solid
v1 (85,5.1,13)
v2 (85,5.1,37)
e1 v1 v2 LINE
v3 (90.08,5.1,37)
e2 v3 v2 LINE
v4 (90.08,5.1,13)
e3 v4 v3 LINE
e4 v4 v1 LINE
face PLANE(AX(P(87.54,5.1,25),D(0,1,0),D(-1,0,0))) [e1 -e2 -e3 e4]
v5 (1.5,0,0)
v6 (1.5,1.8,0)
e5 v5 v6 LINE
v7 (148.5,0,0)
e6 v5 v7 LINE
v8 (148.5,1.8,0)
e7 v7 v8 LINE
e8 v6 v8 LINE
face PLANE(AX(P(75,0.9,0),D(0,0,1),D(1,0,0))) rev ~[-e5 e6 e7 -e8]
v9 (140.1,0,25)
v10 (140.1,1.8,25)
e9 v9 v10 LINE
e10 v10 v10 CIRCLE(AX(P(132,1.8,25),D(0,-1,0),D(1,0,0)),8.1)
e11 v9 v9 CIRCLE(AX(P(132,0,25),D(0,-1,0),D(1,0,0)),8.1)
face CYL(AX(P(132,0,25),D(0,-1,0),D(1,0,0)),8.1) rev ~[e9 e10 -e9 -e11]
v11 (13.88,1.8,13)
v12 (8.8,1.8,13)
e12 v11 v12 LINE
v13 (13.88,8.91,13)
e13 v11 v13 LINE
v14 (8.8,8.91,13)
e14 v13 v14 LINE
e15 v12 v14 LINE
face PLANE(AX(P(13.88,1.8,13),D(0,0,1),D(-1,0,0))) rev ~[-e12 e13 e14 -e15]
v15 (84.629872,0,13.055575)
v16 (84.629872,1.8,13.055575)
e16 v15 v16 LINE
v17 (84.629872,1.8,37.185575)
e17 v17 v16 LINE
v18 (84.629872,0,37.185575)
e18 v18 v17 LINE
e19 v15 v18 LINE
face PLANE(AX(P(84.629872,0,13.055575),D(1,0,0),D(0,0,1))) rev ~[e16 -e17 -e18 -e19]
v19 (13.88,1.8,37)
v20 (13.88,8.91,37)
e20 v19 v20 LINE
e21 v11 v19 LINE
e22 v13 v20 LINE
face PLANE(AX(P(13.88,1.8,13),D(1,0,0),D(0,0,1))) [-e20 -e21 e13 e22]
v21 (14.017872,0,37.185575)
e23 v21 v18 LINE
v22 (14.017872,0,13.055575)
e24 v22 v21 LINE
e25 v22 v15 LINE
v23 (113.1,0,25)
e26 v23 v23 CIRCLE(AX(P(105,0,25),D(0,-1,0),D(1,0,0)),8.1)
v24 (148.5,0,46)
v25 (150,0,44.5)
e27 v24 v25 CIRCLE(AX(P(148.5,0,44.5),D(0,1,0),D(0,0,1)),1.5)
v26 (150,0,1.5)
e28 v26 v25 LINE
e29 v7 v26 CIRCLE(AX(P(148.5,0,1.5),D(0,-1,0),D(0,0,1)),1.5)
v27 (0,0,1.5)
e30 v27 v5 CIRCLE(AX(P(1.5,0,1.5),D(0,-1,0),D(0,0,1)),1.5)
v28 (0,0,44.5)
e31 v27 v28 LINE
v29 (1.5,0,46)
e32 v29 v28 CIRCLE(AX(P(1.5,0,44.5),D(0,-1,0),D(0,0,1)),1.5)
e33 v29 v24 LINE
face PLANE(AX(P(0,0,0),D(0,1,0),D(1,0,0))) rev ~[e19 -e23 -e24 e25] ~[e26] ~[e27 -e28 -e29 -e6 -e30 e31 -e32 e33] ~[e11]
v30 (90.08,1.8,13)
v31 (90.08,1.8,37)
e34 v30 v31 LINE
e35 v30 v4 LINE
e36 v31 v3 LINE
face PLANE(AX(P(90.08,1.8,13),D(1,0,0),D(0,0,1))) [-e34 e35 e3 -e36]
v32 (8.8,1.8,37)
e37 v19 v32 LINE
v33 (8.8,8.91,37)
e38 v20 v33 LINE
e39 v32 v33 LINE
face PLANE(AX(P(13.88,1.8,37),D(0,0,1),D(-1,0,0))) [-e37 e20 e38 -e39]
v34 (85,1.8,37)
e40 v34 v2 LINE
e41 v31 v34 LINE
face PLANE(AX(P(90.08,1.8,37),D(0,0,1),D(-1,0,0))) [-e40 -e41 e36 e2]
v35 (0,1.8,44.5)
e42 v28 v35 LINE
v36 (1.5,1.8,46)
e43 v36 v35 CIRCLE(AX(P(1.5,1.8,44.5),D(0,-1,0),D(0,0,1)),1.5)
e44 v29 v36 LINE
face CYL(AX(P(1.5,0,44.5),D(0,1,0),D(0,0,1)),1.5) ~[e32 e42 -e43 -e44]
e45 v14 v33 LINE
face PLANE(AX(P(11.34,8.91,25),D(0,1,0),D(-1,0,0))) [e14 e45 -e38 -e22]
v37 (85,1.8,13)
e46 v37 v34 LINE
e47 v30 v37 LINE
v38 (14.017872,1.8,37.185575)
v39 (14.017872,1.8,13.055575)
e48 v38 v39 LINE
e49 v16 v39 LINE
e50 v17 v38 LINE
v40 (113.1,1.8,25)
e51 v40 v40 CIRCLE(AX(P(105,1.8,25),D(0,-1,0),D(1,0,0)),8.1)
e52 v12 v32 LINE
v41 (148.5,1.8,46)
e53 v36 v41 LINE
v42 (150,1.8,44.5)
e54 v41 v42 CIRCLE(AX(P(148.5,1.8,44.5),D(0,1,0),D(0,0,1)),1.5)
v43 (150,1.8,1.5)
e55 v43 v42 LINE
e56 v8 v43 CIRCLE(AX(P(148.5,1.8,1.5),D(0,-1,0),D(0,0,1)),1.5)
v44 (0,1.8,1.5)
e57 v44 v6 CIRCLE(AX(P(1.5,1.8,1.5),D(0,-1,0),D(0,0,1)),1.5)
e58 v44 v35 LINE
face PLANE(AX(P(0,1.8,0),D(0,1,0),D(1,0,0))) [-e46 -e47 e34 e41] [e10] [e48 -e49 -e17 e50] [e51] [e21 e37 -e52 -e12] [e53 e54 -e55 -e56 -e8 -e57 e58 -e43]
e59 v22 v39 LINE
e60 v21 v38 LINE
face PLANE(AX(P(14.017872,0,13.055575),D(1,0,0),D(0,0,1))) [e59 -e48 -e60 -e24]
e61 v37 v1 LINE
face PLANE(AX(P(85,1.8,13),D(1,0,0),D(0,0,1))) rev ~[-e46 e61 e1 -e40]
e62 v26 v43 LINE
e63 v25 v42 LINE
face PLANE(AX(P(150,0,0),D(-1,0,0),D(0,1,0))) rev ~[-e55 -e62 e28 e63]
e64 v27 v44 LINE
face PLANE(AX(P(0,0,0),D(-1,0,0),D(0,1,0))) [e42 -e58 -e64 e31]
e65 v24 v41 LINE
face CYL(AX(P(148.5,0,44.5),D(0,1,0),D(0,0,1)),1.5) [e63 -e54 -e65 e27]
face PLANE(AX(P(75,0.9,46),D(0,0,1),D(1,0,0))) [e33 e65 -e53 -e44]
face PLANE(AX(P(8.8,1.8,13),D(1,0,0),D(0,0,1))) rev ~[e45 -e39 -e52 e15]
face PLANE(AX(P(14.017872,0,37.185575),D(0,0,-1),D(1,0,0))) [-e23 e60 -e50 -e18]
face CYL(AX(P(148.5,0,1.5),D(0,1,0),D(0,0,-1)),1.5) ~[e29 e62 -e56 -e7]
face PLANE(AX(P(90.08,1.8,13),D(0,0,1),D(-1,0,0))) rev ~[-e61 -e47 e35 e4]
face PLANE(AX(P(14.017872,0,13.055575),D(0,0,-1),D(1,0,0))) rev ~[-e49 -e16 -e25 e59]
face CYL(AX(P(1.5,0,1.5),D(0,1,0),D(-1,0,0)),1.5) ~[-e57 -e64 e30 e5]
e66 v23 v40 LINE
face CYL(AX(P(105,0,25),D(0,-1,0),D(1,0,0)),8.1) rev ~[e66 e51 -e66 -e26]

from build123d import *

# Parameters (mm, degrees)
SKETCH002_AS_DRAWN_W                      = 5.08
SKETCH002_AS_DRAWN_H                      = 24
EXTRUDE_DEPTH                             = 7.11
EXTRUDE_ONTO_SKETCH002_ROLL_ANGLE         = 90
EXTRUDE_ONTO_SKETCH002_PLACEMENT_ANGLE    = 180
SKETCH003_AS_DRAWN_W                      = 5.08
SKETCH003_AS_DRAWN_H                      = 24
EXTRUDE004_DEPTH                          = 3.3
EXTRUDE004_ONTO_SKETCH003_ROLL_ANGLE      = 90
EXTRUDE004_ONTO_SKETCH003_PLACEMENT_ANGLE = 180
BOX_W                                     = 150
BOX_H                                     = 1.8
BOX_DEPTH                                 = 46
SKETCH_W                                  = 70.612
SKETCH_H                                  = 24.13
POCKET_DEPTH                              = 1.801
SKETCH001_R                               = 8.1
POCKET001_DEPTH                           = 1.801
FILLET_R                                  = 1.5
FILLET001_R                               = 1.5
FILLET002_R                               = 1.5
FILLET003_R                               = 1.5


with BuildPart() as extrude_body:
    # Sketch002 as drawn → Extrude (new)
    with BuildSketch(Plane.XY):
        with Locations((-11.34, 25)):
            Rectangle(SKETCH002_AS_DRAWN_W, SKETCH002_AS_DRAWN_H)
    extrude(amount=EXTRUDE_DEPTH)


with BuildPart() as extrude_body_1:
    # Extrude onto Sketch002 roll: moved
    add(extrude_body.part.rotate(Axis((0, 0, 0), (1, 0, 0)), EXTRUDE_ONTO_SKETCH002_ROLL_ANGLE))


with BuildPart() as extrude_body_2:
    # Extrude onto Sketch002 placement: moved
    add(extrude_body_1.part.moved(Location((0, 1.8, 0))).rotate(Axis((0, 1.8, 0), (0, 0, 1)), EXTRUDE_ONTO_SKETCH002_PLACEMENT_ANGLE))


with BuildPart() as extrude004:
    # Sketch003 as drawn → Extrude004 (new)
    with BuildSketch(Plane.XY):
        with Locations((-87.54, 25)):
            Rectangle(SKETCH003_AS_DRAWN_W, SKETCH003_AS_DRAWN_H)
    extrude(amount=EXTRUDE004_DEPTH)


with BuildPart() as extrude004_1:
    # Extrude004 onto Sketch003 roll: moved
    add(extrude004.part.rotate(Axis((0, 0, 0), (1, 0, 0)), EXTRUDE004_ONTO_SKETCH003_ROLL_ANGLE))


with BuildPart() as extrude004_2:
    # Extrude004 onto Sketch003 placement: moved
    add(extrude004_1.part.moved(Location((0, 1.8, 0))).rotate(Axis((0, 1.8, 0), (0, 0, 1)), EXTRUDE004_ONTO_SKETCH003_PLACEMENT_ANGLE))


with BuildPart() as fusion:
    # Box → Box (new body)
    with BuildSketch(Plane.XY):
        with Locations((75, 0.9)):
            Rectangle(BOX_W, BOX_H)
    extrude(amount=BOX_DEPTH)

    # Sketch → Pocket (cut, through all)
    with BuildSketch(Plane.XZ):
        with Locations((49.323872, 25.120575)):
            Rectangle(SKETCH_W, SKETCH_H)
    extrude(amount=-POCKET_DEPTH, mode=Mode.SUBTRACT)

    # Sketch001 → Pocket001 (cut, through all)
    with BuildSketch(Plane.XZ):
        with Locations((105, 25)):
            Circle(SKETCH001_R)
        with Locations((132, 25)):
            Circle(SKETCH001_R)
    extrude(amount=-POCKET001_DEPTH, mode=Mode.SUBTRACT)

    # Fillet
    fillet_edges = [fusion.edges().sort_by_distance(p)[0] for p in [
        (150, 0.9, 46),
    ]]
    fillet(fillet_edges, radius=FILLET_R)

    # Fillet001
    fillet001_edges = [fusion.edges().sort_by_distance(p)[0] for p in [
        (0, 0.9, 46),
    ]]
    fillet(fillet001_edges, radius=FILLET001_R)

    # Fillet002
    fillet002_edges = [fusion.edges().sort_by_distance(p)[0] for p in [
        (0, 0.9, 0),
    ]]
    fillet(fillet002_edges, radius=FILLET002_R)

    # Fillet003
    fillet003_edges = [fusion.edges().sort_by_distance(p)[0] for p in [
        (150, 0.9, 0),
    ]]
    fillet(fillet003_edges, radius=FILLET003_R)

    # Fusion: union Extrude body, Extrude004
    add(extrude_body_2.part)
    add(extrude004_2.part)


solid = fusion.part
